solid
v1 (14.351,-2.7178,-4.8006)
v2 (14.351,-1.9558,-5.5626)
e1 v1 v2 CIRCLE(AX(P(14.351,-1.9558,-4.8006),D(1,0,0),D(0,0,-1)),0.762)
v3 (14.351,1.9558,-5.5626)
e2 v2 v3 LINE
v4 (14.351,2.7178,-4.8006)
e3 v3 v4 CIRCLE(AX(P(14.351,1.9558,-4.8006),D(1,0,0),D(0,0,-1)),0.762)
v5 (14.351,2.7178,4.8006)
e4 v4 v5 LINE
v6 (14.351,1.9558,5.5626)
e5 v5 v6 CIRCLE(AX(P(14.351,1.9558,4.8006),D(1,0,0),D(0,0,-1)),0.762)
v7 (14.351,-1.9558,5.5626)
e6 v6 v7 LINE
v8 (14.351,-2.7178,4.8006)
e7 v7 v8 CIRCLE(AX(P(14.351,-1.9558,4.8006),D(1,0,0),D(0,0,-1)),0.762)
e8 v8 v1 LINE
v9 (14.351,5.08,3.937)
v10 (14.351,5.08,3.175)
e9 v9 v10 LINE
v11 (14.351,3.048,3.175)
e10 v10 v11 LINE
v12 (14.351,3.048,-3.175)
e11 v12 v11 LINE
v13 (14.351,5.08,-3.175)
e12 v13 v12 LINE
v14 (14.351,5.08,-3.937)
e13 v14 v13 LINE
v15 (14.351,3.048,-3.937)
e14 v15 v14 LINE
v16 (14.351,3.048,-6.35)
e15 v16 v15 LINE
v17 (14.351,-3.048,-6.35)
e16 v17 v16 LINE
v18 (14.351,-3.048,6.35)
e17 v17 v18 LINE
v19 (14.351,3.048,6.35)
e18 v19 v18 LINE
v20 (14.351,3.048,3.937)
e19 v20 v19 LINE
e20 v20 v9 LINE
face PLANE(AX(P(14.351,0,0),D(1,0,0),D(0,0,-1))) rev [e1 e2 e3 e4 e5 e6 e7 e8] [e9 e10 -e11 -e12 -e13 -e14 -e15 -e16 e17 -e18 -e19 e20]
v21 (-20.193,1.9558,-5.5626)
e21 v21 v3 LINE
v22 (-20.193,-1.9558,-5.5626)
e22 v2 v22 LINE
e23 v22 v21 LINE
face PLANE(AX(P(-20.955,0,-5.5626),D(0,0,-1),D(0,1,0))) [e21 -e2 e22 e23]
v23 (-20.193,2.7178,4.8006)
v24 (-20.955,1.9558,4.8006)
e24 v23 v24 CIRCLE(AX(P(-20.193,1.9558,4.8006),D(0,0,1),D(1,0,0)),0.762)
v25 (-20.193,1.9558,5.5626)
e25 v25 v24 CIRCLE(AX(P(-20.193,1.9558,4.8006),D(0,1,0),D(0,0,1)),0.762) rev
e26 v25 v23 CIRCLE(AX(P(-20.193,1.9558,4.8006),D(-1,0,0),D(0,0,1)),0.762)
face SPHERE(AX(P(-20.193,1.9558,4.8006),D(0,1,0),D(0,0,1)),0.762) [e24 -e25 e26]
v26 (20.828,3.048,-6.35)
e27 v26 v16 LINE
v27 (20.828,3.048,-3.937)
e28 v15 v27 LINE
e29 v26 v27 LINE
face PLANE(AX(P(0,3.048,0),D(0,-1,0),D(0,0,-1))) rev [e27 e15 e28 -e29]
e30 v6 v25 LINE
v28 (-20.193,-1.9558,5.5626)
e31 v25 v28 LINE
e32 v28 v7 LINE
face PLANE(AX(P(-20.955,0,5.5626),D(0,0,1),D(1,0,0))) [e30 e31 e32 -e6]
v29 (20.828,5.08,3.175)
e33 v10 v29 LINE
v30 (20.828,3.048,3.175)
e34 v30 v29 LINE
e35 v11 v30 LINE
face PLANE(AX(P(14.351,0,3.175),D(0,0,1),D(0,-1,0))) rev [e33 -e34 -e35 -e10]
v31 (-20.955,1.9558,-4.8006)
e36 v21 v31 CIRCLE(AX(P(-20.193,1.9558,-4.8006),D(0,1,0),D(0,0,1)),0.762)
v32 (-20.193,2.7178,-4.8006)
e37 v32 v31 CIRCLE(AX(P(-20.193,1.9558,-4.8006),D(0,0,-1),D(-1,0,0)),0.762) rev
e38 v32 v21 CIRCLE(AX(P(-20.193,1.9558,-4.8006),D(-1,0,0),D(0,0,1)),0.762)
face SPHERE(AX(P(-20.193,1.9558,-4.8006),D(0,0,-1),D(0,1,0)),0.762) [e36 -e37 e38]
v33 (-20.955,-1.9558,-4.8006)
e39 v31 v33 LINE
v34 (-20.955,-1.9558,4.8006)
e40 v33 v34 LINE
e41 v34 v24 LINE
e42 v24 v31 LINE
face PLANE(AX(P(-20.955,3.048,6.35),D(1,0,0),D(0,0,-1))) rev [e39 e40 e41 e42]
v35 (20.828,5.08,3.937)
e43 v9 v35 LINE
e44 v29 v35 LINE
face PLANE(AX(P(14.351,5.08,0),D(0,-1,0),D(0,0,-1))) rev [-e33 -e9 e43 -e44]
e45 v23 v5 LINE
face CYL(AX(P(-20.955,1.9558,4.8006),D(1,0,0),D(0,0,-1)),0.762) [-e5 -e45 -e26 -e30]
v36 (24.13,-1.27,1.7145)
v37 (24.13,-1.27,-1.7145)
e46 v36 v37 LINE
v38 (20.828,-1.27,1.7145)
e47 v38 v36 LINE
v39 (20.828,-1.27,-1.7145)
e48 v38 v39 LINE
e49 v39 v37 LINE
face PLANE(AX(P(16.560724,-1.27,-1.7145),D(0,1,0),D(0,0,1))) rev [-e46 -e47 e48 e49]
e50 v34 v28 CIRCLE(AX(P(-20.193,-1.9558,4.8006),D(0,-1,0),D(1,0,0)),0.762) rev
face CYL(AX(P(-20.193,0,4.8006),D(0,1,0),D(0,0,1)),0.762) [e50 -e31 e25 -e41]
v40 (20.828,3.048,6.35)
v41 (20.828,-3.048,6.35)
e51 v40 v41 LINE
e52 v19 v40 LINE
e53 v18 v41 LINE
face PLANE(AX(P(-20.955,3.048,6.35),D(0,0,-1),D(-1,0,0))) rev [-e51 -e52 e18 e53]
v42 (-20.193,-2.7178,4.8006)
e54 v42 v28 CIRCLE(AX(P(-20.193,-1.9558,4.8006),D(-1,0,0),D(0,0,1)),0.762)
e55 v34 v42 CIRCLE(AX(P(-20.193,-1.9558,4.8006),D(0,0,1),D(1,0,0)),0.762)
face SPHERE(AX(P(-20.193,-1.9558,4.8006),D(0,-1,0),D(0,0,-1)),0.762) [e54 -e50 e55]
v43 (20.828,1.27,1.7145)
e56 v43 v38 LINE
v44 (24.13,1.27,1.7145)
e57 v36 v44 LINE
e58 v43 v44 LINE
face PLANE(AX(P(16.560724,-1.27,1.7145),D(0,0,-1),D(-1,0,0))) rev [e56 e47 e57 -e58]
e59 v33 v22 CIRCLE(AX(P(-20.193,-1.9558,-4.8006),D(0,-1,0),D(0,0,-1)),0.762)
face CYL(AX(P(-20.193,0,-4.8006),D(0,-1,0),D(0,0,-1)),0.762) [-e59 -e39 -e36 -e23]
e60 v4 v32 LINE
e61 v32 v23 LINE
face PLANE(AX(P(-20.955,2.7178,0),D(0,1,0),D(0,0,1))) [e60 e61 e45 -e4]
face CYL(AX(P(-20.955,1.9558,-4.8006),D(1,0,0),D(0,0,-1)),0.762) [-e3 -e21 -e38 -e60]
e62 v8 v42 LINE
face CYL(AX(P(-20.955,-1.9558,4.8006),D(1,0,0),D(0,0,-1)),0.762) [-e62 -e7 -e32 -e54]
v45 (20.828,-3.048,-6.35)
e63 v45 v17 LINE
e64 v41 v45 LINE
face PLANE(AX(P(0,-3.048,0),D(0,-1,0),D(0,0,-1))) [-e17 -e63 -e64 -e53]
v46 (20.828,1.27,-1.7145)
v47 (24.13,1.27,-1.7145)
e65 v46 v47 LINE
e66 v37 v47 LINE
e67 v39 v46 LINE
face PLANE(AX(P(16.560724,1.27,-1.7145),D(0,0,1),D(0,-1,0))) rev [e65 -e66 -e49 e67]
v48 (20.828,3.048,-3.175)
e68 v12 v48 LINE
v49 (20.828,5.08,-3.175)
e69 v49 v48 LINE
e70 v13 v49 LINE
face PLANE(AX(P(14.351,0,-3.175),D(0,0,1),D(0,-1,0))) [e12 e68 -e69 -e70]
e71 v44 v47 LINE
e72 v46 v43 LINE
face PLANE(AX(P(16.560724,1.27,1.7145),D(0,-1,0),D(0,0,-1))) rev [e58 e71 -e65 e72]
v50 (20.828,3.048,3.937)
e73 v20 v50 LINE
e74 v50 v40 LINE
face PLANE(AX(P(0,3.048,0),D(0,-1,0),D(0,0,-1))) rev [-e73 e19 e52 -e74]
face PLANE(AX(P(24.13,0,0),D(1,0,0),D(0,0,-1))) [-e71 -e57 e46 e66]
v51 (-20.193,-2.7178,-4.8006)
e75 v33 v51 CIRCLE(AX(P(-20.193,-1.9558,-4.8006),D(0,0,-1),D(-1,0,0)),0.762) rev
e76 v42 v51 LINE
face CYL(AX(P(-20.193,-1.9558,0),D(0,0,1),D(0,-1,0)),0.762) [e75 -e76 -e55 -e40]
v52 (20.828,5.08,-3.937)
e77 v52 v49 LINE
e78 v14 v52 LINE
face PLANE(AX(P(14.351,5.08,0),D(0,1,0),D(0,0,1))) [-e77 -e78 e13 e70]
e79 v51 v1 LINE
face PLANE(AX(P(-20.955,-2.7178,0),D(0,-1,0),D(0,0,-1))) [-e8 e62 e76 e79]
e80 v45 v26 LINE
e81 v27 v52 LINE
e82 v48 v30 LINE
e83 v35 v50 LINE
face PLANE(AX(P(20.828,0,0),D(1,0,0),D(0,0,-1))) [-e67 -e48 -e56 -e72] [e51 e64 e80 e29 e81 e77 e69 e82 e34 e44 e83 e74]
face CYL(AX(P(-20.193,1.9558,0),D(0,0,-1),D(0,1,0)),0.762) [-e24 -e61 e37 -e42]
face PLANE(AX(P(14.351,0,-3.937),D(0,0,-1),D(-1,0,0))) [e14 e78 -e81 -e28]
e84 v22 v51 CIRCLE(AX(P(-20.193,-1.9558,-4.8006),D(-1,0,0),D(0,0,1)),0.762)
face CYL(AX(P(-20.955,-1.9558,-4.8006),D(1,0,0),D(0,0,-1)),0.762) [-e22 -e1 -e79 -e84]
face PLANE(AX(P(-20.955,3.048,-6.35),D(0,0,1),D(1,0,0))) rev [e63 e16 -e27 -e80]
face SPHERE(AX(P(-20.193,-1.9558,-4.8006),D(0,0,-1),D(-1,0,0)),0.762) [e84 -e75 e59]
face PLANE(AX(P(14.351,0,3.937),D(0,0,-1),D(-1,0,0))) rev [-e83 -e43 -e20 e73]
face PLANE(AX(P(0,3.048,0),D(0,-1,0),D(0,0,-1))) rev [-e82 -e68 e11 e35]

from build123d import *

# Parameters (mm, degrees)
SKETCH1_W           = 41.91
SKETCH1_H           = 12.7
BOSS_EXTRUDE1_DEPTH = 3.048
SKETCH2_W           = 0.762
SKETCH2_H           = 2.032
BOSS_EXTRUDE2_DEPTH = 6.604
SKETCH2_3_W         = 3.429
SKETCH2_3_H         = 1.27
BOSS_EXTRUDE3_DEPTH = 3.175
CUT_EXTRUDE1_START  = -6.604
SKETCH4_W           = 14.239901434
SKETCH4_H           = 7.9172944
SKETCH4_W_2         = 11.1252
SKETCH4_H_2         = 5.4356
CUT_EXTRUDE1_DEPTH  = 36.306
FILLET1_R           = 0.762
CUT_EXTRUDE2_DEPTH  = 0.127
SKETCH6_W           = 3.429
SKETCH6_H           = 2.54
BOSS_EXTRUDE4_DEPTH = 0.127


with BuildPart() as part:
    # Sketch1 → Boss-Extrude1 (new body, symmetric)
    with BuildSketch(Plane(origin=(0, 0, 0), x_dir=(1, 0, 0), z_dir=(0, 1, 0))):
        Rectangle(SKETCH1_W, SKETCH1_H)
    extrude(amount=BOSS_EXTRUDE1_DEPTH, both=True)

    # Sketch2 → Boss-Extrude2 (add)
    with BuildSketch(Plane(origin=(20.955, 0, 0), x_dir=(0, 0, -1), z_dir=(1, 0, 0))):
        with Locations((-3.556, 4.064)):
            Rectangle(SKETCH2_W, SKETCH2_H)
        with Locations((3.556, 4.064)):
            Rectangle(SKETCH2_W, SKETCH2_H)
    extrude(amount=-BOSS_EXTRUDE2_DEPTH)

    # Sketch2<3> → Boss-Extrude3 (add)
    with BuildSketch(Plane(origin=(20.955, 0, 0), x_dir=(0, 0, -1), z_dir=(1, 0, 0))):
        with Locations((0, 0.635)):
            Rectangle(SKETCH2_3_W, SKETCH2_3_H)
        with Locations((0, -0.635)):
            Rectangle(SKETCH2_3_W, SKETCH2_3_H)
    extrude(amount=BOSS_EXTRUDE3_DEPTH)

    # Sketch4 → Cut-Extrude1 (cut, through all)
    with BuildSketch(Plane(origin=(20.955, 0, 0), x_dir=(0, 0, -1), z_dir=(1, 0, 0)).offset(CUT_EXTRUDE1_START)):
        Rectangle(SKETCH4_W, SKETCH4_H)
        Rectangle(SKETCH4_W_2, SKETCH4_H_2, mode=Mode.SUBTRACT)
    extrude(amount=-CUT_EXTRUDE1_DEPTH, mode=Mode.SUBTRACT)

    # Fillet1
    fillet1_edges = [part.edges().sort_by_distance(p)[0] for p in [
        (-20.955, 0, 5.5626),
        (-20.955, -2.7178, 0),
        (-20.955, 0, -5.5626),
        (-20.955, 2.7178, 0),
        (-3.302, -2.7178, 5.5626),
        (-3.302, 2.7178, 5.5626),
        (-3.302, 2.7178, -5.5626),
        (-3.302, -2.7178, -5.5626),
    ]]
    fillet(fillet1_edges, radius=FILLET1_R)

    # Sketch5 → Cut-Extrude2 (cut)
    with BuildSketch(Plane(origin=(20.955, 0, 0), x_dir=(0, 0, -1), z_dir=(1, 0, 0))):
        Polygon((-6.35, -3.048), (6.35, -3.048), (6.35, 3.048), (3.937, 3.048), (3.937, 5.08), (3.175, 5.08), (3.175, 3.048), (-3.175, 3.048), (-3.175, 5.08), (-3.937, 5.08), (-3.937, 3.048), (-6.35, 3.048), align=None)
    extrude(amount=-CUT_EXTRUDE2_DEPTH, mode=Mode.SUBTRACT)

    # Sketch6 → Boss-Extrude4 (add)
    with BuildSketch(Plane.ZY.offset(-20.955)):
        Rectangle(SKETCH6_W, SKETCH6_H)
    extrude(amount=BOSS_EXTRUDE4_DEPTH)


solid = part.part
